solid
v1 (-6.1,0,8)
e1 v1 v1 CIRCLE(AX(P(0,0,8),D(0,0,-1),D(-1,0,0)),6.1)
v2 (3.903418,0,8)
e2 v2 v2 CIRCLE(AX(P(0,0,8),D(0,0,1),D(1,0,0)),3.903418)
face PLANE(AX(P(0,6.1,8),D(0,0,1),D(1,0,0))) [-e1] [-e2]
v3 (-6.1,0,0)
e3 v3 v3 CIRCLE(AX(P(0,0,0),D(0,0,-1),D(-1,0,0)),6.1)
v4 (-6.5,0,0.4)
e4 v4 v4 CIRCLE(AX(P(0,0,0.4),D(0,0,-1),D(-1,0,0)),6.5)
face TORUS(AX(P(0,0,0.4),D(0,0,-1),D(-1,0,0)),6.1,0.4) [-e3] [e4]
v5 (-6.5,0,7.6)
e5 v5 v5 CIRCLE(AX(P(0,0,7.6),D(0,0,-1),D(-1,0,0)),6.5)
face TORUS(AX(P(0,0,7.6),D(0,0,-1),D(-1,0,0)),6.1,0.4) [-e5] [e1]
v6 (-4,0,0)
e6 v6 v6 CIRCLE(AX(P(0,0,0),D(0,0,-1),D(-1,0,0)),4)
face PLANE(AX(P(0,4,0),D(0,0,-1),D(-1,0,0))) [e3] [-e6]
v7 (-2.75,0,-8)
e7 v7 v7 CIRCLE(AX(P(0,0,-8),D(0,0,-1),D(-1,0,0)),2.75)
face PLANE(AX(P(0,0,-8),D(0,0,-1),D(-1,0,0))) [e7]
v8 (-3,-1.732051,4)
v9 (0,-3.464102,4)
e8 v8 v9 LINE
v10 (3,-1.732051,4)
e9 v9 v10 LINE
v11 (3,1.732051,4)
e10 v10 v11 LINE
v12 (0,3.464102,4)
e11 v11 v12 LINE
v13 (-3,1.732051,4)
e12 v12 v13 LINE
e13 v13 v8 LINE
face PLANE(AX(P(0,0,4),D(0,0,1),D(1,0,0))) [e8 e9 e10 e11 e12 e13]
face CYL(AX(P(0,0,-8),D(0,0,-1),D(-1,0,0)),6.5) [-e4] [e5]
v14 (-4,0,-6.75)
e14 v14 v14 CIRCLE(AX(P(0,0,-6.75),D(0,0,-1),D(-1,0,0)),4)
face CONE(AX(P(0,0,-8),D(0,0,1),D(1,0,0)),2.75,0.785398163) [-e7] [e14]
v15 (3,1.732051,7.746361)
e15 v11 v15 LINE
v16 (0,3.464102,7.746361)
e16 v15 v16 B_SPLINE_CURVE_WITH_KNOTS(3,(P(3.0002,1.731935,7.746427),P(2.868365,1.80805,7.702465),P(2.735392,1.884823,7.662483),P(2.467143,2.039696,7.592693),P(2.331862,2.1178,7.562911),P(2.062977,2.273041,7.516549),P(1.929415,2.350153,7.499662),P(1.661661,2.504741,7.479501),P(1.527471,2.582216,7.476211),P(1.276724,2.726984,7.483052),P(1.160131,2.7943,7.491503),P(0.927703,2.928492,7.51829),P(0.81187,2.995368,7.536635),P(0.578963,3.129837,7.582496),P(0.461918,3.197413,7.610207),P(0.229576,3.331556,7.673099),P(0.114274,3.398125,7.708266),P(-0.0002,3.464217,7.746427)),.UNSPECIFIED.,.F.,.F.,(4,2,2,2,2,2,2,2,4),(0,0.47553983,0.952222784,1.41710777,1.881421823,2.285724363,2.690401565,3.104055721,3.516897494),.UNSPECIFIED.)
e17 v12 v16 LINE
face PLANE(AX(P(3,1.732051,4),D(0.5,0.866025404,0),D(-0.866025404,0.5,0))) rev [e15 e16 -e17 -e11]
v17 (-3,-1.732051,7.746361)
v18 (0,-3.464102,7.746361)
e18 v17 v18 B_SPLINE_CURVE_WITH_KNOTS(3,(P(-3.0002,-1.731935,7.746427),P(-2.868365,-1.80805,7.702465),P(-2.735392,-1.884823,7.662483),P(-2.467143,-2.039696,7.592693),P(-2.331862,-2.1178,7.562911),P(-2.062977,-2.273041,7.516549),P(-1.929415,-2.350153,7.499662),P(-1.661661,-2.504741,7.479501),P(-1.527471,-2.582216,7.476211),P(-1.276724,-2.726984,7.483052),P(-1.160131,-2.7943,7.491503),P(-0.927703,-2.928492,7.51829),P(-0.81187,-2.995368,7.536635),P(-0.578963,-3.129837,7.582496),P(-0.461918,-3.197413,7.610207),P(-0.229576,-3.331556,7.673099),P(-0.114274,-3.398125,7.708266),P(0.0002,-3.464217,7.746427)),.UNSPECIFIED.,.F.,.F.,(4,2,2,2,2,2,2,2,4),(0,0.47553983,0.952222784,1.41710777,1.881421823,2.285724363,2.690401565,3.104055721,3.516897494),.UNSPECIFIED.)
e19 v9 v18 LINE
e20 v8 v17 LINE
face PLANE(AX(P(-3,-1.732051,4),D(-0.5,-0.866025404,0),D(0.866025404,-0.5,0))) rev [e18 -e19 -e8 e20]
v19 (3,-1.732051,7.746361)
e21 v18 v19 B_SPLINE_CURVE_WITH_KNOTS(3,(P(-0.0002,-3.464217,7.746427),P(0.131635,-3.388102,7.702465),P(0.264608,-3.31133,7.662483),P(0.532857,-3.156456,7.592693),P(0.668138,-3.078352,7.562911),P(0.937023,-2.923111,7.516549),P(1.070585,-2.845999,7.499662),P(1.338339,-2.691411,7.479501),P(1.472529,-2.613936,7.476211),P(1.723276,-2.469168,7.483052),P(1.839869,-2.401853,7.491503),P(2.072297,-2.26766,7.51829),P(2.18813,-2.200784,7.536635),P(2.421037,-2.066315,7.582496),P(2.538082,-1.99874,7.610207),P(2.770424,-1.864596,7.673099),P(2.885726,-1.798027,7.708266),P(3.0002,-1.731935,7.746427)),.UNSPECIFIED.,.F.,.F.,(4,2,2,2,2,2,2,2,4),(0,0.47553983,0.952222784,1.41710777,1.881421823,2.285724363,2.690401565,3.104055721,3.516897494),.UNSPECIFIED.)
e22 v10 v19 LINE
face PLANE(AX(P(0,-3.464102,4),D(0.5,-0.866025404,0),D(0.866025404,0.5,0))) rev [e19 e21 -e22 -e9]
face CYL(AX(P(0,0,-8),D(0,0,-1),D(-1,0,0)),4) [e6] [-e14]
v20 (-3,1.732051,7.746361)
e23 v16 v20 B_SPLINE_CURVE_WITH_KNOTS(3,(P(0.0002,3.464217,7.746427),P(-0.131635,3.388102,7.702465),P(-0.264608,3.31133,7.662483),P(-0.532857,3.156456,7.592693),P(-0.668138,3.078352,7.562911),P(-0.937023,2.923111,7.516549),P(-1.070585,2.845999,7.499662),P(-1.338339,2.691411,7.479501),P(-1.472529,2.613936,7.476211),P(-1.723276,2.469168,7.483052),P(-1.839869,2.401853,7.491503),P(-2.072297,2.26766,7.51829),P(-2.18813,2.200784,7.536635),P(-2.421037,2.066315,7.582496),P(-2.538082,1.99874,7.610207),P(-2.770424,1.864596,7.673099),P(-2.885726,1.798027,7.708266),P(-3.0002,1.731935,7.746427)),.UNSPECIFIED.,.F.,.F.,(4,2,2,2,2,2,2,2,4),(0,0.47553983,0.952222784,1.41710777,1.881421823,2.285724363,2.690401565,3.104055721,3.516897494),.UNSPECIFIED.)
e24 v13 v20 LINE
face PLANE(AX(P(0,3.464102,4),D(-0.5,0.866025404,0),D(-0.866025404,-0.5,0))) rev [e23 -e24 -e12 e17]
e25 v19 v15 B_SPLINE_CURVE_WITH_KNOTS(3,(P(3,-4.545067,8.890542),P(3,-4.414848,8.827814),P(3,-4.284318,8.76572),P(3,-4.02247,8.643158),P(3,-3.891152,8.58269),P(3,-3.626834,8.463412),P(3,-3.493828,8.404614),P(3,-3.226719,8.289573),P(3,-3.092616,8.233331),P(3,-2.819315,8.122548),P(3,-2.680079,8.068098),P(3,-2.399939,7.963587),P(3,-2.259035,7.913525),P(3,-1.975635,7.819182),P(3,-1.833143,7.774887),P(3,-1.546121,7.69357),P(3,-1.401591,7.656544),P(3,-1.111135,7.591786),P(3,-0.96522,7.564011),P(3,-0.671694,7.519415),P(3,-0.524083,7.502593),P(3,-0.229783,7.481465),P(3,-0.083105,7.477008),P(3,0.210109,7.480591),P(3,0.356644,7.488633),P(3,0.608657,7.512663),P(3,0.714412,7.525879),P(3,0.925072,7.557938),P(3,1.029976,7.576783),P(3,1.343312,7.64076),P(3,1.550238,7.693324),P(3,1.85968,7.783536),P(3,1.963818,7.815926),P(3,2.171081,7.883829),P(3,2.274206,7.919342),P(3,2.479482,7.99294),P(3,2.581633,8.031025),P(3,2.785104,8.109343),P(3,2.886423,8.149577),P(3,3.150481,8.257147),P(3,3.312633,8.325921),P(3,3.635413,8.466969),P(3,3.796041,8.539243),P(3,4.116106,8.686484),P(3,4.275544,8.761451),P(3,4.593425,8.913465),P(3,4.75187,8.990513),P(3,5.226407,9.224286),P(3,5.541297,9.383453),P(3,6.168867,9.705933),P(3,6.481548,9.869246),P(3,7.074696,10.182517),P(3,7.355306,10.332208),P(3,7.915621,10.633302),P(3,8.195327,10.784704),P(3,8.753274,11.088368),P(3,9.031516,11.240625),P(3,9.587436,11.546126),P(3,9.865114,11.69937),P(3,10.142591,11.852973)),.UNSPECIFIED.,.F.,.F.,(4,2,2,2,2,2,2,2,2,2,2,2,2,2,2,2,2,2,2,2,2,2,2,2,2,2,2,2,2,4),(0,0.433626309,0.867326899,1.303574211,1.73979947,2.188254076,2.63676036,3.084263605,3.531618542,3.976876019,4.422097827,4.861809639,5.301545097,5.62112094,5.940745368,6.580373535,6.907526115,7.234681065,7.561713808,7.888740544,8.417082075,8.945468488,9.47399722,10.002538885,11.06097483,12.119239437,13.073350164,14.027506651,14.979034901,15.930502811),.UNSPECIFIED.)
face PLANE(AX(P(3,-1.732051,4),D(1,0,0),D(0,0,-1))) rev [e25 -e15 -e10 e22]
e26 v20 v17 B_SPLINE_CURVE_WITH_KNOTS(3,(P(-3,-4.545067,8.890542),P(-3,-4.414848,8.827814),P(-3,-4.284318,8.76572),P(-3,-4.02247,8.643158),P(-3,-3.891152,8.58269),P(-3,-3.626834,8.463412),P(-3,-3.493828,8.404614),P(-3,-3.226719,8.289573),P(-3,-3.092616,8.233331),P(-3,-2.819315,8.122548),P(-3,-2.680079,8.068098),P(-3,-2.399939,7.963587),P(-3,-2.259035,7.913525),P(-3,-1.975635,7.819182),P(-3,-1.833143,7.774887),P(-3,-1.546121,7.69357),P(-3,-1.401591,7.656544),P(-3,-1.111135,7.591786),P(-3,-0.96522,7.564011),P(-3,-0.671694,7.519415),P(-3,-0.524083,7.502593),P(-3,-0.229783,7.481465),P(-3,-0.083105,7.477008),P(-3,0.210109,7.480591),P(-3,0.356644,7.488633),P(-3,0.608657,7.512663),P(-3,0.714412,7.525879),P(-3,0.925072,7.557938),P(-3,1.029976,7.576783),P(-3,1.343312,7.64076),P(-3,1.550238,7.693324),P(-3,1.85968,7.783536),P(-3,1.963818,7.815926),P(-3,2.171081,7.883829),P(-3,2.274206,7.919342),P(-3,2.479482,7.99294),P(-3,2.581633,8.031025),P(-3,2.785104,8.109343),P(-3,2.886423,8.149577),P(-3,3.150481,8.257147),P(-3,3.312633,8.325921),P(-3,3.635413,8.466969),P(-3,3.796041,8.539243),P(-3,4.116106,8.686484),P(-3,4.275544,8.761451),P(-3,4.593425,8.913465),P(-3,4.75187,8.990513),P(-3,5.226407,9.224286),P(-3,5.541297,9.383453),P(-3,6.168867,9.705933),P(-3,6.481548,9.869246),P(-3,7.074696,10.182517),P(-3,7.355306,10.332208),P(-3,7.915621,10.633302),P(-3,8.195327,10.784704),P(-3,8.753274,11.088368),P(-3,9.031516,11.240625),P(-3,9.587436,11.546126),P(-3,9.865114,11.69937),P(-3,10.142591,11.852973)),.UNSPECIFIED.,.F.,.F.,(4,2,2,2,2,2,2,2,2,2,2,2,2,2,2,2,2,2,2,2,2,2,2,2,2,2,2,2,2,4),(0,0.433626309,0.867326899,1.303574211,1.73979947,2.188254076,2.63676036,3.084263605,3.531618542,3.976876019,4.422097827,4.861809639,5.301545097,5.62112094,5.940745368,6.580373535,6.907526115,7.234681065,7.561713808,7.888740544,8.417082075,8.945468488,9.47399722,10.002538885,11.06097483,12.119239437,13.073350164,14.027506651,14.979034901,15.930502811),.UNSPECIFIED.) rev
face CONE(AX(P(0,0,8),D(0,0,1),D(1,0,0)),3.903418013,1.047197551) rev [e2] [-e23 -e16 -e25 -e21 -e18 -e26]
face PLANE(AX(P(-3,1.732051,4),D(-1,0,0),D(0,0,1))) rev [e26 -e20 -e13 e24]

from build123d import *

# Parameters (mm, degrees)
CUT_EXTRUDE1_START = 8
CUT_EXTRUDE1_DEPTH = 4


with BuildPart() as part:
    # Sketch2 → Revolve1 (revolve)
    with BuildSketch(Plane(origin=(0, 0, 0), x_dir=(0, 0, -1), z_dir=(1, 0, 0)), mode=Mode.PRIVATE) as revolve1_sk:
        with BuildLine():
            Line((8, 0), (8, 2.75))
            Line((8, 2.75), (6.75, 4))
            Line((6.75, 4), (0, 4))
            Line((0, 4), (0, 6.1))
            ThreePointArc((0, 6.1), (-0.117157288, 6.382842712), (-0.4, 6.5))
            Line((-0.4, 6.5), (-7.6, 6.5))
            ThreePointArc((-7.6, 6.5), (-7.882842712, 6.382842712), (-8, 6.1))
            Line((-8, 6.1), (-8, 0))
            Line((-8, 0), (8, 0))
        make_face()
    revolve(revolve1_sk.sketch.rotate(Axis((0, 0, -8), (0, 0, 1)), 90), axis=Axis((0, 0, -8), (0, 0, 1)))

    # Sketch3 → Cut-Extrude1 (cut)
    with BuildSketch(Plane.XY.offset(CUT_EXTRUDE1_START)):
        Polygon((-3, 1.732050808), (-3, -1.732050808), (0, -3.464101615), (3, -1.732050808), (3, 1.732050808), (0, 3.464101615), align=None)
    extrude(amount=-CUT_EXTRUDE1_DEPTH, mode=Mode.SUBTRACT)

    # Cut-Extrude2 cone 1 section (through the dimple's axis) → Cut-Extrude2 (revolve, cut)
    with BuildSketch(Plane(origin=(0, 0, 8), x_dir=(0, -1, 0), z_dir=(1, 0, 0))):
        Polygon((0, 0), (3.903418013, 0), (0, 2.25363944), align=None)
    revolve(axis=Axis((0, 0, 8), (0, 0, -1)), mode=Mode.SUBTRACT)


solid = part.part
